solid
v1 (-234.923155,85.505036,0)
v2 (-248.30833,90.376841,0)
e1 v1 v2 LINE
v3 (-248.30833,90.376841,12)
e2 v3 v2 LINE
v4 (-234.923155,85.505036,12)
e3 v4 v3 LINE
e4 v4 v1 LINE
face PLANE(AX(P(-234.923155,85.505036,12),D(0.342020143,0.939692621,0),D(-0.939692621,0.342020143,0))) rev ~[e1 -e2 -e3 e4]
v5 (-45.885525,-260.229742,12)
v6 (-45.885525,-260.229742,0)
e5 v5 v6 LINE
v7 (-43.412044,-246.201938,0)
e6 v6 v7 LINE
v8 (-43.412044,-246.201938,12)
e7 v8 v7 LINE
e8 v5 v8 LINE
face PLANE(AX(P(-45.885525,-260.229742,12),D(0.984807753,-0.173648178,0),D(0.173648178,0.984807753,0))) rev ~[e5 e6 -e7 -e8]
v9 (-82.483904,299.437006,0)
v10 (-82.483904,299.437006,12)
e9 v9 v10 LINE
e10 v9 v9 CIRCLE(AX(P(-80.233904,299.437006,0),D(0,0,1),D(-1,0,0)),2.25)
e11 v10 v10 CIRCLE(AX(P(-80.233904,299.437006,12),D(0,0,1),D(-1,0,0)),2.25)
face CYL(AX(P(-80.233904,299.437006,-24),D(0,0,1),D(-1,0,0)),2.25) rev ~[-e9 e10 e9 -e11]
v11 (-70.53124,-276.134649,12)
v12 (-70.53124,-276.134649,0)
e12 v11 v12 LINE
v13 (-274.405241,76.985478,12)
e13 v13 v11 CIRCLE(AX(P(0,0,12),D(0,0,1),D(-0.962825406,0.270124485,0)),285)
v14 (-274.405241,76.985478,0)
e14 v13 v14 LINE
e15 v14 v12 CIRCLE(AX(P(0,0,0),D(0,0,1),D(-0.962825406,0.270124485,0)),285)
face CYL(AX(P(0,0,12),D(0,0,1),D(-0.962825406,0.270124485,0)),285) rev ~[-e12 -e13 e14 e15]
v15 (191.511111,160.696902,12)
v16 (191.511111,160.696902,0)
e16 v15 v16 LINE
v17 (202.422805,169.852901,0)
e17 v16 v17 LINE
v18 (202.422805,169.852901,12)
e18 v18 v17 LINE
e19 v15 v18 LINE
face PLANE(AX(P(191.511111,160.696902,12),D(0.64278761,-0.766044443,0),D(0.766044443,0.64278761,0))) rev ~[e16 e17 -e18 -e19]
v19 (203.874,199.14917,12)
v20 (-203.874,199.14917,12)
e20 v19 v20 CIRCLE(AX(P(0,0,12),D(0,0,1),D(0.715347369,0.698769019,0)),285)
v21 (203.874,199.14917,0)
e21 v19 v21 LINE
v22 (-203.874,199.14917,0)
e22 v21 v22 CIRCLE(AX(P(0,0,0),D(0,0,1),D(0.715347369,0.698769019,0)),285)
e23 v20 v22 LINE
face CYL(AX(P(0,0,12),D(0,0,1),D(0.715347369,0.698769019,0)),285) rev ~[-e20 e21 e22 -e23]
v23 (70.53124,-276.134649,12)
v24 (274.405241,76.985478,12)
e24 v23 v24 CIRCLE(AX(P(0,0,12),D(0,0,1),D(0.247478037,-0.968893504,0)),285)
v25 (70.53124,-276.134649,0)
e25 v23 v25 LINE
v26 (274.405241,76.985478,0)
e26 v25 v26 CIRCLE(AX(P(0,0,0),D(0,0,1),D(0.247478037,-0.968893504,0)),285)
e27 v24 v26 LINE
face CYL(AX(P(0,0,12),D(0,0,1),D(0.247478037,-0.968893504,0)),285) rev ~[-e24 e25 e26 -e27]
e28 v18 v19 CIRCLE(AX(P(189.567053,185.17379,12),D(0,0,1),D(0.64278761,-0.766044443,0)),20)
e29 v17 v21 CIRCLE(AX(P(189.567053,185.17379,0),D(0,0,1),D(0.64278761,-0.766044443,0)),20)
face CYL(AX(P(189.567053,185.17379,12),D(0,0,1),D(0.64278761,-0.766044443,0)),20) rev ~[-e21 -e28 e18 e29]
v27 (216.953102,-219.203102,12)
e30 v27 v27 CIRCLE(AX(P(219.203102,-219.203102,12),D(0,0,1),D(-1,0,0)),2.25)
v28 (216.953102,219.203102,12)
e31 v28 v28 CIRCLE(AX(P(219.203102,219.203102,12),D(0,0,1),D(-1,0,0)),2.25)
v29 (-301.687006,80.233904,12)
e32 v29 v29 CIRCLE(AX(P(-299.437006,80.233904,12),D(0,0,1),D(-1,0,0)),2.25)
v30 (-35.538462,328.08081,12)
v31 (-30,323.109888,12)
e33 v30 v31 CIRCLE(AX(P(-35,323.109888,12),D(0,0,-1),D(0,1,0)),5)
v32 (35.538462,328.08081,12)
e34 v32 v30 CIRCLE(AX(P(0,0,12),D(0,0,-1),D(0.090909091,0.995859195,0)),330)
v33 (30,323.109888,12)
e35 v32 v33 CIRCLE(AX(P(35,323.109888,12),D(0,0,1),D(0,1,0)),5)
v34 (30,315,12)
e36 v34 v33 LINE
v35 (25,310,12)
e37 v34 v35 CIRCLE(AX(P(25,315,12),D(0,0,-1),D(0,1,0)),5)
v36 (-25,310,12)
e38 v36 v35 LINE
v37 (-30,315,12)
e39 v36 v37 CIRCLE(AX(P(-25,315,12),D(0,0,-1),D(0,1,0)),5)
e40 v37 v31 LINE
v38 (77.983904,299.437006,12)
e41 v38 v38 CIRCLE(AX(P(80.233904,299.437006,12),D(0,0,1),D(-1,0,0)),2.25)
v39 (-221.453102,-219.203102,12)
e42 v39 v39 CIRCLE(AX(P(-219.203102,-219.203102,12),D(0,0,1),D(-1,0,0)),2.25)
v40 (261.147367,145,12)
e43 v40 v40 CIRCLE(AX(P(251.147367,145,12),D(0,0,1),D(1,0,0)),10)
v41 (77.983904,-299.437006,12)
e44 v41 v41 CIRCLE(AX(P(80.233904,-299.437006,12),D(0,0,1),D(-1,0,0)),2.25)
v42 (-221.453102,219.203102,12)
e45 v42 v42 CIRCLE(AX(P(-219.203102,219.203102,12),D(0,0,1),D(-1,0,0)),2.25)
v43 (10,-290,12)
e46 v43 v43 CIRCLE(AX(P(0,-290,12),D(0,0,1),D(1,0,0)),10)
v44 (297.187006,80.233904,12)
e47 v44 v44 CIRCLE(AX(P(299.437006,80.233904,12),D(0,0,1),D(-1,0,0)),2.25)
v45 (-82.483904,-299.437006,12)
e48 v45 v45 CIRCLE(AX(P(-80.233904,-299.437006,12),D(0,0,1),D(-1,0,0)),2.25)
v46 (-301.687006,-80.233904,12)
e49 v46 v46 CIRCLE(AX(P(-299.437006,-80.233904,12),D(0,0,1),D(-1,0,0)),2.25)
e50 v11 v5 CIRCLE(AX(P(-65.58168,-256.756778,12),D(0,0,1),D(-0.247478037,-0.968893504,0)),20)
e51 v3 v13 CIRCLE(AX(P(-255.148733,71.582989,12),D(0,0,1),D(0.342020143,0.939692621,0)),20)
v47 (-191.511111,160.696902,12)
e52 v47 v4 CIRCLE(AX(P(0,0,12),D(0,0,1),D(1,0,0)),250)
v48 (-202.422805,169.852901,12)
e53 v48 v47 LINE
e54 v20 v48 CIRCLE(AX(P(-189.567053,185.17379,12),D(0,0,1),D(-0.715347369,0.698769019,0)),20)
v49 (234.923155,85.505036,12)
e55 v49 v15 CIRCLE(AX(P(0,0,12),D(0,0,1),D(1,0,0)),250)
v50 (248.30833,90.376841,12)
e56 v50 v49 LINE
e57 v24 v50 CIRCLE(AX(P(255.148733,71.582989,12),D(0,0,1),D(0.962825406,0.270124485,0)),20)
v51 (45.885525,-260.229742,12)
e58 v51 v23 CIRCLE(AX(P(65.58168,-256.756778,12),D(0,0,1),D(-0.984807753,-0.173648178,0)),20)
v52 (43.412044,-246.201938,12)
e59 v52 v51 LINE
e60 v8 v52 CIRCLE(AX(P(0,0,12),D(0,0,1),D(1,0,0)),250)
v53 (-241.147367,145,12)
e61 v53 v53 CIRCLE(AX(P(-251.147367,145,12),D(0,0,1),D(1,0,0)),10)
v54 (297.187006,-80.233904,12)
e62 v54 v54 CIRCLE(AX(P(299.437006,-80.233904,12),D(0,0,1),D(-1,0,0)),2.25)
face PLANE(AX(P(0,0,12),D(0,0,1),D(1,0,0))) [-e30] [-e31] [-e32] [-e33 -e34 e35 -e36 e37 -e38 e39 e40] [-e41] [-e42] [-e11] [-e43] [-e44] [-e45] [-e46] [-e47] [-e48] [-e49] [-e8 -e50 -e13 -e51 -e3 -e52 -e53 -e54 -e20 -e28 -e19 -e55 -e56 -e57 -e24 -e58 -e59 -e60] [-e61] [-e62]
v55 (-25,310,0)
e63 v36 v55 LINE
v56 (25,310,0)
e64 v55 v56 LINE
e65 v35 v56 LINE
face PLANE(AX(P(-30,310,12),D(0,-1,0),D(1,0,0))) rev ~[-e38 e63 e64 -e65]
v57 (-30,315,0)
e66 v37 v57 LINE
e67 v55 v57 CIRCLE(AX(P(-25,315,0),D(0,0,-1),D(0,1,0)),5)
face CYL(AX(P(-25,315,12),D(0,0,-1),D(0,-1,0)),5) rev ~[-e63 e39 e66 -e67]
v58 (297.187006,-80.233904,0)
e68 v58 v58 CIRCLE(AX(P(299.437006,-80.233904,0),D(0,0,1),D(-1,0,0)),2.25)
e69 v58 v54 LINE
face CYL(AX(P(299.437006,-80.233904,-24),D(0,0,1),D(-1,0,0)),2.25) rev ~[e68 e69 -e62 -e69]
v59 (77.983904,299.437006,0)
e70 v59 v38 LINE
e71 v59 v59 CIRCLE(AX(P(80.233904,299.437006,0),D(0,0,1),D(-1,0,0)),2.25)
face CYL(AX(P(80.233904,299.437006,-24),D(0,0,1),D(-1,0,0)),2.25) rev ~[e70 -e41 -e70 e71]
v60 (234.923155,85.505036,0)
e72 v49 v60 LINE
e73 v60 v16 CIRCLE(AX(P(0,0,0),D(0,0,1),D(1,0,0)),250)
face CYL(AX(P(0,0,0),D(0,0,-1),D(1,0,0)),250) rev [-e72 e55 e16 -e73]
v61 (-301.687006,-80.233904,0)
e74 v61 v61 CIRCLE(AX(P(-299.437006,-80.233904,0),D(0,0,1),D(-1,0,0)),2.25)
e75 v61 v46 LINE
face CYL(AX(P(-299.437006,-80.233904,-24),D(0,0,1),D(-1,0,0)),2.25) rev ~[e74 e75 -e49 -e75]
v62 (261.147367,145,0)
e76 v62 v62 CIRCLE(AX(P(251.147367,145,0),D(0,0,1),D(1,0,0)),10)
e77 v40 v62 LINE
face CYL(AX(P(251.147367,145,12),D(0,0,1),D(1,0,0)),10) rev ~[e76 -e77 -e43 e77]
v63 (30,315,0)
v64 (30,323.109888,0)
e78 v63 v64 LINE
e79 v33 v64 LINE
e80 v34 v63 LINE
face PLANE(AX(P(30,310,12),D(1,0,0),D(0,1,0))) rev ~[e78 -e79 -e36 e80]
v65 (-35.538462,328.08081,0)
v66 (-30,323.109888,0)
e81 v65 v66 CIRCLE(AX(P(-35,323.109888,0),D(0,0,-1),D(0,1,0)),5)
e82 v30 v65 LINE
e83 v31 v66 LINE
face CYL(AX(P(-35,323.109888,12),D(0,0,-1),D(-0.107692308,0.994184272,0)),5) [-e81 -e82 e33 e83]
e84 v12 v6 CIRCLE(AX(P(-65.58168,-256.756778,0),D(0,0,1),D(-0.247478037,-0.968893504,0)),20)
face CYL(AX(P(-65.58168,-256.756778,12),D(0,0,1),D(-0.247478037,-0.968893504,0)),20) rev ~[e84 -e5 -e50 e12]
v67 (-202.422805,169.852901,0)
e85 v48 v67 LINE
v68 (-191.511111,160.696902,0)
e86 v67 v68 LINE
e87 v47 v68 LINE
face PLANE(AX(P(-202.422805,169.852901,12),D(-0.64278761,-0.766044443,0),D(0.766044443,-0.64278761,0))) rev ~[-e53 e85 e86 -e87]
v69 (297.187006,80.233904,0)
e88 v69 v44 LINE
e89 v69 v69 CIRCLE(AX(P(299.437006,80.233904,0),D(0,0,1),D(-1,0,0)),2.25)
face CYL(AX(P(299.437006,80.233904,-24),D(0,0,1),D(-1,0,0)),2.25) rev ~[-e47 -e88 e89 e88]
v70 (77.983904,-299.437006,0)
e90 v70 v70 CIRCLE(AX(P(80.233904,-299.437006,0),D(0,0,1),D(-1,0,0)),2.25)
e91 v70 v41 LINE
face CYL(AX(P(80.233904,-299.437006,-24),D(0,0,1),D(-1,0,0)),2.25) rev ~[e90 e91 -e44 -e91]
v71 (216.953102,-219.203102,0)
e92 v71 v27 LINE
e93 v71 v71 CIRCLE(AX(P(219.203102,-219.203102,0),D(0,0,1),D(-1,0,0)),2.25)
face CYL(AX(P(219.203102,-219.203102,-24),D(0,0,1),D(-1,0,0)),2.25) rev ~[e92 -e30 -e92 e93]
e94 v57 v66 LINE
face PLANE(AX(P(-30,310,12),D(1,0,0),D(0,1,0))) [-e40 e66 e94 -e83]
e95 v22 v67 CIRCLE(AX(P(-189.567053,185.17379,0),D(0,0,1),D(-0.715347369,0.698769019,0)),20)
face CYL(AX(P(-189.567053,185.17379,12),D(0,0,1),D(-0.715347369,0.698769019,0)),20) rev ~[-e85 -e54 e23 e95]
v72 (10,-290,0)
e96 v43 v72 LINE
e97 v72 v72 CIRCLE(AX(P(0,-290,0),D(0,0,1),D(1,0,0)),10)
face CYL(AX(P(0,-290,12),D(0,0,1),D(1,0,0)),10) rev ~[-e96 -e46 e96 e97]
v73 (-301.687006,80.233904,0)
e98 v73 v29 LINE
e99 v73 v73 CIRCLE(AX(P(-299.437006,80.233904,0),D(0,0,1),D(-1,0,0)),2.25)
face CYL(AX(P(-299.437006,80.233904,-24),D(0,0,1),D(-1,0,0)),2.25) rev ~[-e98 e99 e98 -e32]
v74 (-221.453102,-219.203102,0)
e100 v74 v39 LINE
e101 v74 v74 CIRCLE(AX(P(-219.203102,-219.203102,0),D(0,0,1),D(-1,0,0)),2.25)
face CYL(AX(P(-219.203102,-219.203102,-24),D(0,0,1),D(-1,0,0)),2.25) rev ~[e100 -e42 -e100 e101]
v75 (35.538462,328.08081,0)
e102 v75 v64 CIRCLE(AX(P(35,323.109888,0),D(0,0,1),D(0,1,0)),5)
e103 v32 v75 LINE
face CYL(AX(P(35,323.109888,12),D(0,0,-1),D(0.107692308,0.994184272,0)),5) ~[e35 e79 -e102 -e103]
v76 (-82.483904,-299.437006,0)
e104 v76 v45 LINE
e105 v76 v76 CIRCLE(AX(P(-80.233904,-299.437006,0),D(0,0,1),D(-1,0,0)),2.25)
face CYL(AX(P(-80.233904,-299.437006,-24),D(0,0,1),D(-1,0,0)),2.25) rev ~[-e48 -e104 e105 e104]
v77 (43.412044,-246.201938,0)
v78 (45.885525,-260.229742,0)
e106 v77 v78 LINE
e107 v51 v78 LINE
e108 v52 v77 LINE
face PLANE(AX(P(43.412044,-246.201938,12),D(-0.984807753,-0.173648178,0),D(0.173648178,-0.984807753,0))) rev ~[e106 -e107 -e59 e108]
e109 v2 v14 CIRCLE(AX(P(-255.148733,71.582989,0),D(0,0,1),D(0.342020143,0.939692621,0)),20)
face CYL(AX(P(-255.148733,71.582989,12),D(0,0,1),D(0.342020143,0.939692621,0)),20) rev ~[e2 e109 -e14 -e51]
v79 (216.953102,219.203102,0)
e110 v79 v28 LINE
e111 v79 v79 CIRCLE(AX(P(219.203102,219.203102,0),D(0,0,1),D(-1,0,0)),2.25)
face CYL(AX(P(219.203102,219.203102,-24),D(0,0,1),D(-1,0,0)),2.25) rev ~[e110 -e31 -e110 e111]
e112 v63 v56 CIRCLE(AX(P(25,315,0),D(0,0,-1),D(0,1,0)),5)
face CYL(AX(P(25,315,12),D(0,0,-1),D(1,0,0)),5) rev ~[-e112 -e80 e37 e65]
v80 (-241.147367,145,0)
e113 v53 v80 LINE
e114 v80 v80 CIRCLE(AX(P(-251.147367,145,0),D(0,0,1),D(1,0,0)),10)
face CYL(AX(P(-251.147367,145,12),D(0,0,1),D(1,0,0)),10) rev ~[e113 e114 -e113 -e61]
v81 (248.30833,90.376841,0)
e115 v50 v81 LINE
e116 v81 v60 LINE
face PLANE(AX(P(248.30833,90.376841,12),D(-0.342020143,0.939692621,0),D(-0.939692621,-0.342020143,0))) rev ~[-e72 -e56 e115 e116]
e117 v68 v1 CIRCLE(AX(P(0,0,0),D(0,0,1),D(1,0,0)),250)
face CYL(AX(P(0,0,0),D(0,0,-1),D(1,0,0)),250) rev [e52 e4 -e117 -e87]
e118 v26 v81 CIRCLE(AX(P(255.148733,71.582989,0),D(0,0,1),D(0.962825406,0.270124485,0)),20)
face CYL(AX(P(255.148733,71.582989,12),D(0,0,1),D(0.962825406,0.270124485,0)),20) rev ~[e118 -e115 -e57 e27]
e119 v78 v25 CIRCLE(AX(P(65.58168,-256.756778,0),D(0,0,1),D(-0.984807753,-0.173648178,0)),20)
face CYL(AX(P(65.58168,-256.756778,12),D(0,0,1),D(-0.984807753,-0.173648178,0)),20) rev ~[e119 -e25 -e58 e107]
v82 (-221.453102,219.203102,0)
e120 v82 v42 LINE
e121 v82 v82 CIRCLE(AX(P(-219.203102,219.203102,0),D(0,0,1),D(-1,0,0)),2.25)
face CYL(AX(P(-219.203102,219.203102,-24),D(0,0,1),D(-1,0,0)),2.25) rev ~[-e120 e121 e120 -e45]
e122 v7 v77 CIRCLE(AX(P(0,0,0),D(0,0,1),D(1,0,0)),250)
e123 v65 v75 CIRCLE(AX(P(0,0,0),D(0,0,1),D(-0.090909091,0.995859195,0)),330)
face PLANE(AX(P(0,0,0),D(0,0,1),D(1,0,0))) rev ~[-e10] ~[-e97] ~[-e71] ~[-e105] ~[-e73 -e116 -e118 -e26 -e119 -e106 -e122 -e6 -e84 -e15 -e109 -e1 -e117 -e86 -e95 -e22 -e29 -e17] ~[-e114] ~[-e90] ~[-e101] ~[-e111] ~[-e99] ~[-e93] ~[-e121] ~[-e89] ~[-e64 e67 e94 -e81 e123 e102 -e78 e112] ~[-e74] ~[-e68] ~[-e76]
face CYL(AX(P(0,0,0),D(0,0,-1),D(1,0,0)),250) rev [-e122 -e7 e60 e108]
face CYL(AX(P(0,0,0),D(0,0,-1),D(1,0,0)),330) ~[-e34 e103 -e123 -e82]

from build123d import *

# Parameters (mm, degrees)
SKETCH2_R                                      = 330
SKETCH2_R_2                                    = 250
BOSS_EXTRUDE1_DEPTH                            = 12
CUT_EXTRUDE1_DEPTH                             = 12
SKETCH4_R                                      = 10
CUT_EXTRUDE2_DEPTH                             = 12
SKETCH5_W                                      = 60
SKETCH5_H                                      = 60
CUT_EXTRUDE3_DEPTH                             = 12
FILLET1_R                                      = 5
CSK_FOR_M4_FLAT_HEAD_MACHINE_SCREW_D           = 4.5
CSK_FOR_M4_FLAT_HEAD_MACHINE_SCREW_CSINK_D     = 9.4
CSK_FOR_M4_FLAT_HEAD_MACHINE_SCREW_CSINK_ANGLE = 90


with BuildPart() as part:
    # Sketch2 → Boss-Extrude1 (new body)
    with BuildSketch(Plane.XY):
        Circle(SKETCH2_R)
        Circle(SKETCH2_R_2, mode=Mode.SUBTRACT)
    extrude(amount=BOSS_EXTRUDE1_DEPTH)

    # Sketch3 → Cut-Extrude1 (cut)
    with BuildSketch(Plane.XY.offset(12)):
        with BuildLine():
            Line((191.51111078, 160.696902422), (202.422805046, 169.852901056))
            ThreePointArc((202.422805046, 169.852901056), (209.542560602, 184.184300077), (203.874000238, 199.14917029))
            ThreePointArc((203.874000238, 199.14917029), (0, 285), (-203.874000238, 199.14917029))
            ThreePointArc((-203.874000238, 199.14917029), (-209.542560602, 184.184300077), (-202.422805046, 169.852901056))
            Line((-202.422805046, 169.852901056), (-191.51111078, 160.696902422))
            ThreePointArc((-191.51111078, 160.696902422), (0, 250), (191.51111078, 160.696902422))
        make_face()
        with BuildLine():
            Line((43.412044417, -246.201938253), (45.885524698, -260.229742003))
            ThreePointArc((45.885524698, -260.229742003), (54.737002544, -273.561330694), (70.531240495, -276.134648522))
            ThreePointArc((70.531240495, -276.134648522), (246.817240079, -142.5), (274.405240732, 76.985478232))
            ThreePointArc((274.405240732, 76.985478232), (264.279563146, 89.377030617), (248.308329744, 90.376840947))
            Line((248.308329744, 90.376840947), (234.923155196, 85.505035831))
            ThreePointArc((234.923155196, 85.505035831), (216.506350946, -125), (43.412044417, -246.201938253))
        make_face()
        with BuildLine():
            Line((-234.923155196, 85.505035831), (-248.308329744, 90.376840947))
            ThreePointArc((-248.308329744, 90.376840947), (-264.279563146, 89.377030617), (-274.405240732, 76.985478232))
            ThreePointArc((-274.405240732, 76.985478232), (-246.817240079, -142.5), (-70.531240495, -276.134648522))
            ThreePointArc((-70.531240495, -276.134648522), (-54.737002544, -273.561330694), (-45.885524698, -260.229742003))
            Line((-45.885524698, -260.229742003), (-43.412044417, -246.201938253))
            ThreePointArc((-43.412044417, -246.201938253), (-216.506350946, -125), (-234.923155196, 85.505035831))
        make_face()
    extrude(amount=-CUT_EXTRUDE1_DEPTH, mode=Mode.SUBTRACT)

    # Sketch4 → Cut-Extrude2 (cut)
    with BuildSketch(Plane.XY.offset(12)):
        with Locations((0, -290)):
            Circle(SKETCH4_R)
        with Locations((-251.147367097, 145)):
            Circle(SKETCH4_R)
        with Locations((251.147367097, 145)):
            Circle(SKETCH4_R)
    extrude(amount=-CUT_EXTRUDE2_DEPTH, mode=Mode.SUBTRACT)

    # Sketch5 → Cut-Extrude3 (cut)
    with BuildSketch(Plane.XY.offset(12)):
        with Locations((0, 340)):
            Rectangle(SKETCH5_W, SKETCH5_H)
    extrude(amount=-CUT_EXTRUDE3_DEPTH, mode=Mode.SUBTRACT)

    # Fillet1
    fillet1_edges = [part.edges().sort_by_distance(p)[0] for p in [
        (30, 328.633534503, 6),
        (-30, 328.633534503, 6),
        (-30, 310, 6),
        (30, 310, 6),
    ]]
    fillet(fillet1_edges, radius=FILLET1_R)

    # CSK for M4 Flat Head Machine Screw (through all)
    with Locations(Plane(origin=(0, 0, -24), x_dir=(1, 0, 0), z_dir=(0, 0, -1))):
        with Locations((80.233903982, 299.43700615), (219.203102168, 219.203102168), (299.43700615, 80.233903982), (299.43700615, -80.233903982), (219.203102168, -219.203102168), (80.233903982, -299.43700615), (-80.233903982, -299.43700615), (-219.203102168, -219.203102168), (-299.43700615, -80.233903982), (-299.43700615, 80.233903982), (-219.203102168, 219.203102168), (-80.233903982, 299.43700615), (0, 0)):
            CounterSinkHole(CSK_FOR_M4_FLAT_HEAD_MACHINE_SCREW_D / 2, CSK_FOR_M4_FLAT_HEAD_MACHINE_SCREW_CSINK_D / 2, counter_sink_angle=CSK_FOR_M4_FLAT_HEAD_MACHINE_SCREW_CSINK_ANGLE)


solid = part.part
